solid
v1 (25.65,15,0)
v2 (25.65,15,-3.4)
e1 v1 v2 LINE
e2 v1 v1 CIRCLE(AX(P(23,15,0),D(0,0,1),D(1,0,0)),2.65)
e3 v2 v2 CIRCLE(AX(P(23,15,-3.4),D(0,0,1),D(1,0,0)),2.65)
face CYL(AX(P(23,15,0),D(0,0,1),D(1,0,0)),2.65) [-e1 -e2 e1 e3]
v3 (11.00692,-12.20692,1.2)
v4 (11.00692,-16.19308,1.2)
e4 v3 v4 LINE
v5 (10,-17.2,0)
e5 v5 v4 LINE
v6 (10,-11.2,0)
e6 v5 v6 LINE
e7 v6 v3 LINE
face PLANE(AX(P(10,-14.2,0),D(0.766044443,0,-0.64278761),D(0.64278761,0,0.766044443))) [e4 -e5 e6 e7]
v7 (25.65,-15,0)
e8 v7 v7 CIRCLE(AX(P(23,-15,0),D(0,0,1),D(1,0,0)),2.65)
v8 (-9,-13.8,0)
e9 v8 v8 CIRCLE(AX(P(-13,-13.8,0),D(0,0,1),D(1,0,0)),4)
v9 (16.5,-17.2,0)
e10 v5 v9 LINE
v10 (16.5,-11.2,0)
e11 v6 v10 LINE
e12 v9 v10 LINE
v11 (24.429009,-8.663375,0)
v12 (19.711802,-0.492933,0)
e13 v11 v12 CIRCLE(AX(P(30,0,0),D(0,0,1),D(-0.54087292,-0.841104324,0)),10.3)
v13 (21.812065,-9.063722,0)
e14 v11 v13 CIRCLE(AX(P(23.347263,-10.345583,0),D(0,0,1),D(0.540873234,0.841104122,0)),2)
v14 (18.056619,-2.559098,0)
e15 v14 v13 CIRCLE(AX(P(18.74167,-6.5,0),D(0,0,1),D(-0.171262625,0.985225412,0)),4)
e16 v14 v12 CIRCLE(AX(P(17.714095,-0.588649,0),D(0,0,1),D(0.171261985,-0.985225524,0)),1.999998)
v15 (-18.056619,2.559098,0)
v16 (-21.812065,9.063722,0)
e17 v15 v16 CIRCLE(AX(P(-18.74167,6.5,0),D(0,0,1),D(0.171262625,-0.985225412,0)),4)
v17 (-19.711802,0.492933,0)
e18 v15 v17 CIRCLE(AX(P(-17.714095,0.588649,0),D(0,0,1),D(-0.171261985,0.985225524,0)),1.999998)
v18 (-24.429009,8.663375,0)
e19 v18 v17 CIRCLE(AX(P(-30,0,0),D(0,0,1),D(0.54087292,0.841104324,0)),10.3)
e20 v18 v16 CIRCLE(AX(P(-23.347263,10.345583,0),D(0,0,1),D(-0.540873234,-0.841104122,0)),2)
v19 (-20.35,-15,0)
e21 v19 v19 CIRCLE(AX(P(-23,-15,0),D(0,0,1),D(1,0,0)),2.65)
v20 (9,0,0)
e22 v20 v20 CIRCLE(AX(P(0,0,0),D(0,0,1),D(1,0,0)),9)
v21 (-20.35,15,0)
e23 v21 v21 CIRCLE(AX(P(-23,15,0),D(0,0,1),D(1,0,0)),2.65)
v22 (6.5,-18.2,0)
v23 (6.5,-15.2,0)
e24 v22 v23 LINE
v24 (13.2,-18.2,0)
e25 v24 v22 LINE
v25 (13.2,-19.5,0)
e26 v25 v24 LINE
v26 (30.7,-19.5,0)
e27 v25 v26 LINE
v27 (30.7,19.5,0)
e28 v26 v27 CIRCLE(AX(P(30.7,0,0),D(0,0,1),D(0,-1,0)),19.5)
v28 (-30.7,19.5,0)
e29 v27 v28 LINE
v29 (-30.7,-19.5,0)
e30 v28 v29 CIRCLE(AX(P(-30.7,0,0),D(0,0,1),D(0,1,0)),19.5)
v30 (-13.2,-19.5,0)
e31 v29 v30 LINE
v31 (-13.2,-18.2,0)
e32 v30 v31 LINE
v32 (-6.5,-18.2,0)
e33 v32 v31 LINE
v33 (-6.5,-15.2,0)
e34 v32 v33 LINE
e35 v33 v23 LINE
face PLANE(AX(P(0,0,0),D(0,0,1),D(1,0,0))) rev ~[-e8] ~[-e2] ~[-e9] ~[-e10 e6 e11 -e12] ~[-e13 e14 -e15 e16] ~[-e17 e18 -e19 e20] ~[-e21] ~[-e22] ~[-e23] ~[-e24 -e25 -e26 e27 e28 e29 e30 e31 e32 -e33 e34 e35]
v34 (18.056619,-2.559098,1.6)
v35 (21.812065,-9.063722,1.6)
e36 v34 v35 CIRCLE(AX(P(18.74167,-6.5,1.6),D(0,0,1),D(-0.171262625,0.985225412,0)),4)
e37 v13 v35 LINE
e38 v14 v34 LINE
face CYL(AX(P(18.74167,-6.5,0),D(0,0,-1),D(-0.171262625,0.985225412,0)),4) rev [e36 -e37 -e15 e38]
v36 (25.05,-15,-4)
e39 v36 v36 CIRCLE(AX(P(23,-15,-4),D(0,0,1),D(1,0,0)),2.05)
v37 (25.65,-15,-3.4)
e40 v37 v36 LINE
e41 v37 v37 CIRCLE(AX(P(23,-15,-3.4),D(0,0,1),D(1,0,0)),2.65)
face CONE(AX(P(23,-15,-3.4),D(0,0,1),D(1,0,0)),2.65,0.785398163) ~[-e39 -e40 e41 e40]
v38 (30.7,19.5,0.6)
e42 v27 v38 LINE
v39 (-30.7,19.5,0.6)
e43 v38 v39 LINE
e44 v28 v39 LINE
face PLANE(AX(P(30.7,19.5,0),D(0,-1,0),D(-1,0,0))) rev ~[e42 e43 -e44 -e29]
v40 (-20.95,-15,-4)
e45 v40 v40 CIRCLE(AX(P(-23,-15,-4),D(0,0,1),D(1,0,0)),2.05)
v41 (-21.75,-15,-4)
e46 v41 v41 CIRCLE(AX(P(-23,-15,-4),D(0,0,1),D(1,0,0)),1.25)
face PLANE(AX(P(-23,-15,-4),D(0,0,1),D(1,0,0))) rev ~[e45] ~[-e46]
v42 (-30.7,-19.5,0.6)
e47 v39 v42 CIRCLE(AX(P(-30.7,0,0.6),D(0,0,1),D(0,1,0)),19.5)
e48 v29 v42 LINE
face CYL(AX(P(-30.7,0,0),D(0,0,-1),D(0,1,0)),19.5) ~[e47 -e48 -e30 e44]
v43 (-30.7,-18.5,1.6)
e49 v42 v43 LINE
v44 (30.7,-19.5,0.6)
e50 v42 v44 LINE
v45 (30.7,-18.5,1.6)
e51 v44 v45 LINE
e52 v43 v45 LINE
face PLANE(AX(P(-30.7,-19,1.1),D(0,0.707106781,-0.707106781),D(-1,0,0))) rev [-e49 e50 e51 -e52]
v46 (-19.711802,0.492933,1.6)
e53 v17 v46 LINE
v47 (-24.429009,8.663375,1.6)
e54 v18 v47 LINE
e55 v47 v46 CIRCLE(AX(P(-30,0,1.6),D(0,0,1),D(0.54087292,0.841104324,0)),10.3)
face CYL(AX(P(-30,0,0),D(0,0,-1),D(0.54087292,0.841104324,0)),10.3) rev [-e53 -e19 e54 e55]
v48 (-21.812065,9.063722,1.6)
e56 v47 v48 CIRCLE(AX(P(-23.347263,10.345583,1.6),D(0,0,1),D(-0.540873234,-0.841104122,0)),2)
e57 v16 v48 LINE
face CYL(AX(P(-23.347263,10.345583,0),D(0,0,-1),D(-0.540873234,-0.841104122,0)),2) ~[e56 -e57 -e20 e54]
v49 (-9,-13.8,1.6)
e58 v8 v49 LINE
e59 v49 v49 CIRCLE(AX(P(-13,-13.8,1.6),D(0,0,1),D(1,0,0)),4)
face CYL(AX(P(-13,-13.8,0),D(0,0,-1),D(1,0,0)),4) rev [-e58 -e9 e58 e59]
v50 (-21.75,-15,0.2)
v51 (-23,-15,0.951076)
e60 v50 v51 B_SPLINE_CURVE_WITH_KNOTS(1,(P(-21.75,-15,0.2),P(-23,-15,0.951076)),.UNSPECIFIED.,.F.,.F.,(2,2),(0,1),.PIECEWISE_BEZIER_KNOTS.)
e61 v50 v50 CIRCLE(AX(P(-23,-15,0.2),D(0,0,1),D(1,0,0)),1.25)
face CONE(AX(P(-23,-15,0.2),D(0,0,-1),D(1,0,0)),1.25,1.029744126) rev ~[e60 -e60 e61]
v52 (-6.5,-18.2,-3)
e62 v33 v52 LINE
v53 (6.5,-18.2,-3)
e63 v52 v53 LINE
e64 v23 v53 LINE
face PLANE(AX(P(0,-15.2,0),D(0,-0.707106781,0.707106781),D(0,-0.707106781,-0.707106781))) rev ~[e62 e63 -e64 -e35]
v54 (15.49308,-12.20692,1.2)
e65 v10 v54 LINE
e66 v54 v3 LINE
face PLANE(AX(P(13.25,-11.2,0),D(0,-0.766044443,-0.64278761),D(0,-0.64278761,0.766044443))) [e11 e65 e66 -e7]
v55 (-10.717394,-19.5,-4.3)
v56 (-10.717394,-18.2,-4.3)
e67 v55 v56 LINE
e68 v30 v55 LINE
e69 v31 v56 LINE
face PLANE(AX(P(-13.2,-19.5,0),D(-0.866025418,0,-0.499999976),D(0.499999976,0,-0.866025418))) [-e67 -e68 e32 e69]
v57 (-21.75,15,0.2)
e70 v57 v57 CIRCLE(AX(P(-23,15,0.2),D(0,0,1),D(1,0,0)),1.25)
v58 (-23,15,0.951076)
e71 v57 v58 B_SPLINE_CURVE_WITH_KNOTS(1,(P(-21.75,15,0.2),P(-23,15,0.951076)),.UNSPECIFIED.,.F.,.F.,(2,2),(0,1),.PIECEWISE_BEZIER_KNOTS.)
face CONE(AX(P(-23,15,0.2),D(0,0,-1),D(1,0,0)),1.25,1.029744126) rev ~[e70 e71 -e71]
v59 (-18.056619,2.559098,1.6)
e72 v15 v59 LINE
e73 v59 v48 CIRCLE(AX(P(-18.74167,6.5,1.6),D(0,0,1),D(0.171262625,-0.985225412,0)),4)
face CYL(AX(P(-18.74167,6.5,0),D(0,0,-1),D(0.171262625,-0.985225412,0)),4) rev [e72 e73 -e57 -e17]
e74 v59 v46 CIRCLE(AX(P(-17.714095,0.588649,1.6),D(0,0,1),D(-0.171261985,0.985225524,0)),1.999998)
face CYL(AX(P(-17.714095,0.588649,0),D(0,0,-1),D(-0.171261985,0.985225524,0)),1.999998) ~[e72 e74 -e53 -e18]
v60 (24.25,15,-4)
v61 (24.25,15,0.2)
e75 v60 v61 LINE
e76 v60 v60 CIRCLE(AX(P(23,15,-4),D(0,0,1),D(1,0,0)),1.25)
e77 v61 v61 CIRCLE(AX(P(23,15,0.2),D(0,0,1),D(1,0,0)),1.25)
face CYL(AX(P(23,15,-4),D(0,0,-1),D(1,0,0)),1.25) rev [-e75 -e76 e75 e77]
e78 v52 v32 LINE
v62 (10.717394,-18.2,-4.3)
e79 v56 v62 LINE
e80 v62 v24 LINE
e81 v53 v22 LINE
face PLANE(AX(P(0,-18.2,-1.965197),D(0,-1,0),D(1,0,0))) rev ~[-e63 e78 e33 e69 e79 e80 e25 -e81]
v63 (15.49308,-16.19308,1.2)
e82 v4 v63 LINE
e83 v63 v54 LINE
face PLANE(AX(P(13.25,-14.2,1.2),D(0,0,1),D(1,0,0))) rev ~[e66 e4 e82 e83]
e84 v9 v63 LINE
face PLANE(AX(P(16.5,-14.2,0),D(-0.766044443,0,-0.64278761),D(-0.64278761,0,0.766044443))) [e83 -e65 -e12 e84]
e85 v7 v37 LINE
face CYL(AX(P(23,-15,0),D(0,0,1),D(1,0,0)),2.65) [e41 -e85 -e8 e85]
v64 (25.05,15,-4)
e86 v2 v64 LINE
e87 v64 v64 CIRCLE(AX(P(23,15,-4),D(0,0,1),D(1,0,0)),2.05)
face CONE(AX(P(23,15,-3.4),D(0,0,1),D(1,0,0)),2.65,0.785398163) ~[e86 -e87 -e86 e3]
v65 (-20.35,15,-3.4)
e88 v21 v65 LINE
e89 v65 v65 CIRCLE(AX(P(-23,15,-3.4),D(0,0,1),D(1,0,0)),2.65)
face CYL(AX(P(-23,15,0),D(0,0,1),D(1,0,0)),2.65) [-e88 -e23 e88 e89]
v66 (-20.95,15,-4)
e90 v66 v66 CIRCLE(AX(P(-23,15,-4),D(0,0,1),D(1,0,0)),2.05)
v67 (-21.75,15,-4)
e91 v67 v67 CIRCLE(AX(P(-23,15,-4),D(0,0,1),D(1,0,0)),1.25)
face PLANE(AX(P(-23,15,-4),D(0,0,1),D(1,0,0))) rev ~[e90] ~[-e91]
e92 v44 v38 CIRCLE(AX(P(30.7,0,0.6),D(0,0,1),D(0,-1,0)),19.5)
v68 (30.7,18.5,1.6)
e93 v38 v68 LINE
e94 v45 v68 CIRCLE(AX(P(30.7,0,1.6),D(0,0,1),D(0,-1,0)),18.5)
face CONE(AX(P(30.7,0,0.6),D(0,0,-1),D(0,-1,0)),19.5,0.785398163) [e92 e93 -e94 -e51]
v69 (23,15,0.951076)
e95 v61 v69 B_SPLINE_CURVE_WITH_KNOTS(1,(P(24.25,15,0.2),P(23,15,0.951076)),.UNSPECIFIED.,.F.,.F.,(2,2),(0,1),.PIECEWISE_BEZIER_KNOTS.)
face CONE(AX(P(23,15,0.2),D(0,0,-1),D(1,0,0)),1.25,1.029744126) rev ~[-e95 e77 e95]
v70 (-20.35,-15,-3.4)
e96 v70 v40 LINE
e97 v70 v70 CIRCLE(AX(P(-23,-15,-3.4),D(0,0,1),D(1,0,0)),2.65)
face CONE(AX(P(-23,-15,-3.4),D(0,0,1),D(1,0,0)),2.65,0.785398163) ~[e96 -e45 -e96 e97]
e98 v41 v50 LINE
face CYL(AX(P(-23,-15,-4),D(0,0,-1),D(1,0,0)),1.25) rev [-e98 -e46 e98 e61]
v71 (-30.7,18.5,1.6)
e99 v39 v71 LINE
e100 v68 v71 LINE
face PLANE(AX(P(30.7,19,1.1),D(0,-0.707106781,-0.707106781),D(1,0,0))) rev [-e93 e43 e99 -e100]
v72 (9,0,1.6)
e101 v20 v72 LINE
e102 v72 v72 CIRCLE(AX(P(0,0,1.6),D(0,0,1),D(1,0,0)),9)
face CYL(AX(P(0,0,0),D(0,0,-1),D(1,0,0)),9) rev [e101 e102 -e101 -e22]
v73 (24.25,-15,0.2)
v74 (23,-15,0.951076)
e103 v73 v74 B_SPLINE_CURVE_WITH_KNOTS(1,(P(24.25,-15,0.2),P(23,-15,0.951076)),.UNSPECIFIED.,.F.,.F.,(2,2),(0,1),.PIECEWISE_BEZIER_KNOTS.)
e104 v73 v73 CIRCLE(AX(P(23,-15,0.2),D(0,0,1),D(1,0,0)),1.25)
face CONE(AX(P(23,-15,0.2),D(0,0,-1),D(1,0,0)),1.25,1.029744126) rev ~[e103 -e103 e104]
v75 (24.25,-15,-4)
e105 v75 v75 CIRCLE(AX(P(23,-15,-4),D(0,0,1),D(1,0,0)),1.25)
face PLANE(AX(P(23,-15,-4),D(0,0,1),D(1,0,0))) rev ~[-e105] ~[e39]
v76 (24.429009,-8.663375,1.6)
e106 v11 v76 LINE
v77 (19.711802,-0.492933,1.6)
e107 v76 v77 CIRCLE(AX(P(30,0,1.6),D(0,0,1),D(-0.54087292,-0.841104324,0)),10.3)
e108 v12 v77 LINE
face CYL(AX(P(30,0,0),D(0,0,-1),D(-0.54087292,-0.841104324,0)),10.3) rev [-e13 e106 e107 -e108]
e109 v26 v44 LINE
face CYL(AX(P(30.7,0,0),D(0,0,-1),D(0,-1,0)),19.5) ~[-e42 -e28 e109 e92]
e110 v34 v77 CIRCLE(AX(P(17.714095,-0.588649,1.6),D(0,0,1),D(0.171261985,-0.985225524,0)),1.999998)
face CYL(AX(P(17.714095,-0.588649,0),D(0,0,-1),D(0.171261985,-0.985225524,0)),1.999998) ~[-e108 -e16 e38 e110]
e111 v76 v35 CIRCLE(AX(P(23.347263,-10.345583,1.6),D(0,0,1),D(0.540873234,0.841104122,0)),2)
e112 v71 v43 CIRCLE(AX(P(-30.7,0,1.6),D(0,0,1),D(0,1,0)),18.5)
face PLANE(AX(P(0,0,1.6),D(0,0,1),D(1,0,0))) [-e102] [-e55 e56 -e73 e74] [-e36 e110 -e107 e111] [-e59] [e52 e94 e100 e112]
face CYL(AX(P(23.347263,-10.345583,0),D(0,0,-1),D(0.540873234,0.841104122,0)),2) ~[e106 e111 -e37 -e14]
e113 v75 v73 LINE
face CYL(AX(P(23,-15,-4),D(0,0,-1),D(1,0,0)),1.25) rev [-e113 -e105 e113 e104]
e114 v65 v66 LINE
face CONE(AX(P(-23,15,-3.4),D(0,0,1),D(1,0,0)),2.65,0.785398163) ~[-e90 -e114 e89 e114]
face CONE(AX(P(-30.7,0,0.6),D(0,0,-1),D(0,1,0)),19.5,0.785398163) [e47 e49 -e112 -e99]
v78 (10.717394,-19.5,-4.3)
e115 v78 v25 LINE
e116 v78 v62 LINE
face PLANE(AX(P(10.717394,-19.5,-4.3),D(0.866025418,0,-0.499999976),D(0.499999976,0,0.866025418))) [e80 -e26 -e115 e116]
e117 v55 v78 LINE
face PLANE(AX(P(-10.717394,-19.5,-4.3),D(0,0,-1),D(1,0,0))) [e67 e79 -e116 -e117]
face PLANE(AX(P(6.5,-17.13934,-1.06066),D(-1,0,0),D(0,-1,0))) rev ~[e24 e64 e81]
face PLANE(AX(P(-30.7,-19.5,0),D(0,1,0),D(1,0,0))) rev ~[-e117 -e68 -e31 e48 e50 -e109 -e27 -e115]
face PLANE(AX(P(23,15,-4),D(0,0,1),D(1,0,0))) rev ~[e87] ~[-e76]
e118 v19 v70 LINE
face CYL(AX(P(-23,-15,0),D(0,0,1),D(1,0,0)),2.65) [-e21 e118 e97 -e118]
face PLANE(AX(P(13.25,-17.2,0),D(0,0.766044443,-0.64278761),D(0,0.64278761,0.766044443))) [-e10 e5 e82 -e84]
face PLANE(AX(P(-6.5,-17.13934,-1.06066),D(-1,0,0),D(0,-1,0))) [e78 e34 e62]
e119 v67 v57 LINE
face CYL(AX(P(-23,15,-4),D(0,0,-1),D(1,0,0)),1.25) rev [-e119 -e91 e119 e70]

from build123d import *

# Parameters (mm, degrees)
SKETCH014_R     = 9
SKETCH014_R_2   = 4
PAD003_DEPTH    = 1.6
SKETCH015_W     = 6.5
SKETCH015_H     = 6
POCKET007_DEPTH = 1.2
POCKET007_TAPER = 40
SKETCH016_R     = 2.65
PAD004_DEPTH    = 4
SKETCH017_R     = 1.25
HOLE001_DEPTH   = 4.2
HOLE001_TIPS_R  = 1.25
PAD005_DEPTH    = 1.3
PAD006_DEPTH    = 6.5
CHAMFER003_SIZE = 0.6
CHAMFER004_SIZE = 1


with BuildPart() as part:
    # Sketch014 → Pad003 (new body)
    with BuildSketch(Plane.XY):
        with BuildLine():
            Line((-30.7, -19.5), (30.7, -19.5))
            ThreePointArc((30.7, -19.5), (50.2, 0), (30.7, 19.5))
            Line((30.7, 19.5), (-30.7, 19.5))
            ThreePointArc((-30.7, 19.5), (-50.2, 0), (-30.7, -19.5))
        make_face()
        Circle(SKETCH014_R, mode=Mode.SUBTRACT)
        with Locations((-13, -13.8)):
            Circle(SKETCH014_R_2, mode=Mode.SUBTRACT)
        with BuildLine():
            ThreePointArc((-24.429009, 8.663375), (-38.920062, -5.15), (-19.711802, 0.492933))
            ThreePointArc((-18.056619, 2.559098), (-19.275002, 1.839074), (-19.711802, 0.492933))
            ThreePointArc((-18.056619, 2.559098), (-15.277568, 8.5), (-21.812065, 9.063722))
            ThreePointArc((-24.429009, 8.663375), (-23.044816, 8.368584), (-21.812065, 9.063722))
        make_face(mode=Mode.SUBTRACT)
        with BuildLine():
            ThreePointArc((24.429009, -8.663375), (38.920062, 5.15), (19.711802, -0.492933))
            ThreePointArc((18.056619, -2.559098), (19.275002, -1.839074), (19.711802, -0.492933))
            ThreePointArc((18.056619, -2.559098), (15.277568, -8.5), (21.812065, -9.063722))
            ThreePointArc((24.429009, -8.663375), (23.044816, -8.368584), (21.812065, -9.063722))
        make_face(mode=Mode.SUBTRACT)
    extrude(amount=PAD003_DEPTH)

    # Sketch015 → Pocket007 (cut)
    with BuildSketch(Plane.XY):
        with Locations((13.25, -14.2)):
            Rectangle(SKETCH015_W, SKETCH015_H)
    extrude(amount=POCKET007_DEPTH, taper=POCKET007_TAPER, mode=Mode.SUBTRACT)

    # Sketch016 → Pad004 (join)
    with BuildSketch(Plane.XY):
        with Locations((-23, 15)):
            Circle(SKETCH016_R)
        with Locations((23, 15)):
            Circle(SKETCH016_R)
        with Locations((23, -15)):
            Circle(SKETCH016_R)
        with Locations((-23, -15)):
            Circle(SKETCH016_R)
    extrude(amount=-PAD004_DEPTH)

    # Sketch017 → Hole001 (cut)
    with BuildSketch(Plane.XY.offset(-4)):
        with Locations((-23, 15)):
            Circle(SKETCH017_R)
        with Locations((23, 15)):
            Circle(SKETCH017_R)
        with Locations((23, -15)):
            Circle(SKETCH017_R)
        with Locations((-23, -15)):
            Circle(SKETCH017_R)
    extrude(amount=HOLE001_DEPTH, mode=Mode.SUBTRACT)

    # Hole001 tips → Hole001 tip 1 section 0
    with BuildSketch(Plane.XY.offset(0.2), mode=Mode.PRIVATE) as hole001_tip_1_s0:
        with Locations((-23, 15)):
            Circle(HOLE001_TIPS_R)
    loft([hole001_tip_1_s0.sketch, Vertex(-23, 15, 0.951076)], mode=Mode.SUBTRACT)

    # Hole001 tips → Hole001 tip 2 section 0
    with BuildSketch(Plane.XY.offset(0.2), mode=Mode.PRIVATE) as hole001_tip_2_s0:
        with Locations((23, 15)):
            Circle(HOLE001_TIPS_R)
    loft([hole001_tip_2_s0.sketch, Vertex(23, 15, 0.951076)], mode=Mode.SUBTRACT)

    # Hole001 tips → Hole001 tip 3 section 0
    with BuildSketch(Plane.XY.offset(0.2), mode=Mode.PRIVATE) as hole001_tip_3_s0:
        with Locations((23, -15)):
            Circle(HOLE001_TIPS_R)
    loft([hole001_tip_3_s0.sketch, Vertex(23, -15, 0.951076)], mode=Mode.SUBTRACT)

    # Hole001 tips → Hole001 tip 4 section 0
    with BuildSketch(Plane.XY.offset(0.2), mode=Mode.PRIVATE) as hole001_tip_4_s0:
        with Locations((-23, -15)):
            Circle(HOLE001_TIPS_R)
    loft([hole001_tip_4_s0.sketch, Vertex(-23, -15, 0.951076)], mode=Mode.SUBTRACT)

    # Sketch018 → Pad005 (join)
    with BuildSketch(Plane.XZ.offset(19.5)):
        Polygon((-13.2, 0), (-10.717394, -4.3), (10.717394, -4.3), (13.2, 0), align=None)
    extrude(amount=-PAD005_DEPTH)

    # Sketch019 → Pad006 (join, symmetric)
    with BuildSketch(Plane.YZ):
        Polygon((-18.2, -3), (-18.2, 0), (-15.2, 0), align=None)
    extrude(amount=PAD006_DEPTH, both=True)

    # Chamfer003
    chamfer003_edges = [part.edges().sort_by_distance(p)[0] for p in [
        (-25.65, -15, -4),
        (-25.65, 15, -4),
        (20.35, 15, -4),
        (20.35, -15, -4),
    ]]
    chamfer(chamfer003_edges, length=CHAMFER003_SIZE)

    # Chamfer004
    chamfer004_edges = [part.edges().sort_by_distance(p)[0] for p in [
        (-50.2, 0, 1.6),
    ]]
    chamfer(chamfer004_edges, length=CHAMFER004_SIZE)


solid = part.part
